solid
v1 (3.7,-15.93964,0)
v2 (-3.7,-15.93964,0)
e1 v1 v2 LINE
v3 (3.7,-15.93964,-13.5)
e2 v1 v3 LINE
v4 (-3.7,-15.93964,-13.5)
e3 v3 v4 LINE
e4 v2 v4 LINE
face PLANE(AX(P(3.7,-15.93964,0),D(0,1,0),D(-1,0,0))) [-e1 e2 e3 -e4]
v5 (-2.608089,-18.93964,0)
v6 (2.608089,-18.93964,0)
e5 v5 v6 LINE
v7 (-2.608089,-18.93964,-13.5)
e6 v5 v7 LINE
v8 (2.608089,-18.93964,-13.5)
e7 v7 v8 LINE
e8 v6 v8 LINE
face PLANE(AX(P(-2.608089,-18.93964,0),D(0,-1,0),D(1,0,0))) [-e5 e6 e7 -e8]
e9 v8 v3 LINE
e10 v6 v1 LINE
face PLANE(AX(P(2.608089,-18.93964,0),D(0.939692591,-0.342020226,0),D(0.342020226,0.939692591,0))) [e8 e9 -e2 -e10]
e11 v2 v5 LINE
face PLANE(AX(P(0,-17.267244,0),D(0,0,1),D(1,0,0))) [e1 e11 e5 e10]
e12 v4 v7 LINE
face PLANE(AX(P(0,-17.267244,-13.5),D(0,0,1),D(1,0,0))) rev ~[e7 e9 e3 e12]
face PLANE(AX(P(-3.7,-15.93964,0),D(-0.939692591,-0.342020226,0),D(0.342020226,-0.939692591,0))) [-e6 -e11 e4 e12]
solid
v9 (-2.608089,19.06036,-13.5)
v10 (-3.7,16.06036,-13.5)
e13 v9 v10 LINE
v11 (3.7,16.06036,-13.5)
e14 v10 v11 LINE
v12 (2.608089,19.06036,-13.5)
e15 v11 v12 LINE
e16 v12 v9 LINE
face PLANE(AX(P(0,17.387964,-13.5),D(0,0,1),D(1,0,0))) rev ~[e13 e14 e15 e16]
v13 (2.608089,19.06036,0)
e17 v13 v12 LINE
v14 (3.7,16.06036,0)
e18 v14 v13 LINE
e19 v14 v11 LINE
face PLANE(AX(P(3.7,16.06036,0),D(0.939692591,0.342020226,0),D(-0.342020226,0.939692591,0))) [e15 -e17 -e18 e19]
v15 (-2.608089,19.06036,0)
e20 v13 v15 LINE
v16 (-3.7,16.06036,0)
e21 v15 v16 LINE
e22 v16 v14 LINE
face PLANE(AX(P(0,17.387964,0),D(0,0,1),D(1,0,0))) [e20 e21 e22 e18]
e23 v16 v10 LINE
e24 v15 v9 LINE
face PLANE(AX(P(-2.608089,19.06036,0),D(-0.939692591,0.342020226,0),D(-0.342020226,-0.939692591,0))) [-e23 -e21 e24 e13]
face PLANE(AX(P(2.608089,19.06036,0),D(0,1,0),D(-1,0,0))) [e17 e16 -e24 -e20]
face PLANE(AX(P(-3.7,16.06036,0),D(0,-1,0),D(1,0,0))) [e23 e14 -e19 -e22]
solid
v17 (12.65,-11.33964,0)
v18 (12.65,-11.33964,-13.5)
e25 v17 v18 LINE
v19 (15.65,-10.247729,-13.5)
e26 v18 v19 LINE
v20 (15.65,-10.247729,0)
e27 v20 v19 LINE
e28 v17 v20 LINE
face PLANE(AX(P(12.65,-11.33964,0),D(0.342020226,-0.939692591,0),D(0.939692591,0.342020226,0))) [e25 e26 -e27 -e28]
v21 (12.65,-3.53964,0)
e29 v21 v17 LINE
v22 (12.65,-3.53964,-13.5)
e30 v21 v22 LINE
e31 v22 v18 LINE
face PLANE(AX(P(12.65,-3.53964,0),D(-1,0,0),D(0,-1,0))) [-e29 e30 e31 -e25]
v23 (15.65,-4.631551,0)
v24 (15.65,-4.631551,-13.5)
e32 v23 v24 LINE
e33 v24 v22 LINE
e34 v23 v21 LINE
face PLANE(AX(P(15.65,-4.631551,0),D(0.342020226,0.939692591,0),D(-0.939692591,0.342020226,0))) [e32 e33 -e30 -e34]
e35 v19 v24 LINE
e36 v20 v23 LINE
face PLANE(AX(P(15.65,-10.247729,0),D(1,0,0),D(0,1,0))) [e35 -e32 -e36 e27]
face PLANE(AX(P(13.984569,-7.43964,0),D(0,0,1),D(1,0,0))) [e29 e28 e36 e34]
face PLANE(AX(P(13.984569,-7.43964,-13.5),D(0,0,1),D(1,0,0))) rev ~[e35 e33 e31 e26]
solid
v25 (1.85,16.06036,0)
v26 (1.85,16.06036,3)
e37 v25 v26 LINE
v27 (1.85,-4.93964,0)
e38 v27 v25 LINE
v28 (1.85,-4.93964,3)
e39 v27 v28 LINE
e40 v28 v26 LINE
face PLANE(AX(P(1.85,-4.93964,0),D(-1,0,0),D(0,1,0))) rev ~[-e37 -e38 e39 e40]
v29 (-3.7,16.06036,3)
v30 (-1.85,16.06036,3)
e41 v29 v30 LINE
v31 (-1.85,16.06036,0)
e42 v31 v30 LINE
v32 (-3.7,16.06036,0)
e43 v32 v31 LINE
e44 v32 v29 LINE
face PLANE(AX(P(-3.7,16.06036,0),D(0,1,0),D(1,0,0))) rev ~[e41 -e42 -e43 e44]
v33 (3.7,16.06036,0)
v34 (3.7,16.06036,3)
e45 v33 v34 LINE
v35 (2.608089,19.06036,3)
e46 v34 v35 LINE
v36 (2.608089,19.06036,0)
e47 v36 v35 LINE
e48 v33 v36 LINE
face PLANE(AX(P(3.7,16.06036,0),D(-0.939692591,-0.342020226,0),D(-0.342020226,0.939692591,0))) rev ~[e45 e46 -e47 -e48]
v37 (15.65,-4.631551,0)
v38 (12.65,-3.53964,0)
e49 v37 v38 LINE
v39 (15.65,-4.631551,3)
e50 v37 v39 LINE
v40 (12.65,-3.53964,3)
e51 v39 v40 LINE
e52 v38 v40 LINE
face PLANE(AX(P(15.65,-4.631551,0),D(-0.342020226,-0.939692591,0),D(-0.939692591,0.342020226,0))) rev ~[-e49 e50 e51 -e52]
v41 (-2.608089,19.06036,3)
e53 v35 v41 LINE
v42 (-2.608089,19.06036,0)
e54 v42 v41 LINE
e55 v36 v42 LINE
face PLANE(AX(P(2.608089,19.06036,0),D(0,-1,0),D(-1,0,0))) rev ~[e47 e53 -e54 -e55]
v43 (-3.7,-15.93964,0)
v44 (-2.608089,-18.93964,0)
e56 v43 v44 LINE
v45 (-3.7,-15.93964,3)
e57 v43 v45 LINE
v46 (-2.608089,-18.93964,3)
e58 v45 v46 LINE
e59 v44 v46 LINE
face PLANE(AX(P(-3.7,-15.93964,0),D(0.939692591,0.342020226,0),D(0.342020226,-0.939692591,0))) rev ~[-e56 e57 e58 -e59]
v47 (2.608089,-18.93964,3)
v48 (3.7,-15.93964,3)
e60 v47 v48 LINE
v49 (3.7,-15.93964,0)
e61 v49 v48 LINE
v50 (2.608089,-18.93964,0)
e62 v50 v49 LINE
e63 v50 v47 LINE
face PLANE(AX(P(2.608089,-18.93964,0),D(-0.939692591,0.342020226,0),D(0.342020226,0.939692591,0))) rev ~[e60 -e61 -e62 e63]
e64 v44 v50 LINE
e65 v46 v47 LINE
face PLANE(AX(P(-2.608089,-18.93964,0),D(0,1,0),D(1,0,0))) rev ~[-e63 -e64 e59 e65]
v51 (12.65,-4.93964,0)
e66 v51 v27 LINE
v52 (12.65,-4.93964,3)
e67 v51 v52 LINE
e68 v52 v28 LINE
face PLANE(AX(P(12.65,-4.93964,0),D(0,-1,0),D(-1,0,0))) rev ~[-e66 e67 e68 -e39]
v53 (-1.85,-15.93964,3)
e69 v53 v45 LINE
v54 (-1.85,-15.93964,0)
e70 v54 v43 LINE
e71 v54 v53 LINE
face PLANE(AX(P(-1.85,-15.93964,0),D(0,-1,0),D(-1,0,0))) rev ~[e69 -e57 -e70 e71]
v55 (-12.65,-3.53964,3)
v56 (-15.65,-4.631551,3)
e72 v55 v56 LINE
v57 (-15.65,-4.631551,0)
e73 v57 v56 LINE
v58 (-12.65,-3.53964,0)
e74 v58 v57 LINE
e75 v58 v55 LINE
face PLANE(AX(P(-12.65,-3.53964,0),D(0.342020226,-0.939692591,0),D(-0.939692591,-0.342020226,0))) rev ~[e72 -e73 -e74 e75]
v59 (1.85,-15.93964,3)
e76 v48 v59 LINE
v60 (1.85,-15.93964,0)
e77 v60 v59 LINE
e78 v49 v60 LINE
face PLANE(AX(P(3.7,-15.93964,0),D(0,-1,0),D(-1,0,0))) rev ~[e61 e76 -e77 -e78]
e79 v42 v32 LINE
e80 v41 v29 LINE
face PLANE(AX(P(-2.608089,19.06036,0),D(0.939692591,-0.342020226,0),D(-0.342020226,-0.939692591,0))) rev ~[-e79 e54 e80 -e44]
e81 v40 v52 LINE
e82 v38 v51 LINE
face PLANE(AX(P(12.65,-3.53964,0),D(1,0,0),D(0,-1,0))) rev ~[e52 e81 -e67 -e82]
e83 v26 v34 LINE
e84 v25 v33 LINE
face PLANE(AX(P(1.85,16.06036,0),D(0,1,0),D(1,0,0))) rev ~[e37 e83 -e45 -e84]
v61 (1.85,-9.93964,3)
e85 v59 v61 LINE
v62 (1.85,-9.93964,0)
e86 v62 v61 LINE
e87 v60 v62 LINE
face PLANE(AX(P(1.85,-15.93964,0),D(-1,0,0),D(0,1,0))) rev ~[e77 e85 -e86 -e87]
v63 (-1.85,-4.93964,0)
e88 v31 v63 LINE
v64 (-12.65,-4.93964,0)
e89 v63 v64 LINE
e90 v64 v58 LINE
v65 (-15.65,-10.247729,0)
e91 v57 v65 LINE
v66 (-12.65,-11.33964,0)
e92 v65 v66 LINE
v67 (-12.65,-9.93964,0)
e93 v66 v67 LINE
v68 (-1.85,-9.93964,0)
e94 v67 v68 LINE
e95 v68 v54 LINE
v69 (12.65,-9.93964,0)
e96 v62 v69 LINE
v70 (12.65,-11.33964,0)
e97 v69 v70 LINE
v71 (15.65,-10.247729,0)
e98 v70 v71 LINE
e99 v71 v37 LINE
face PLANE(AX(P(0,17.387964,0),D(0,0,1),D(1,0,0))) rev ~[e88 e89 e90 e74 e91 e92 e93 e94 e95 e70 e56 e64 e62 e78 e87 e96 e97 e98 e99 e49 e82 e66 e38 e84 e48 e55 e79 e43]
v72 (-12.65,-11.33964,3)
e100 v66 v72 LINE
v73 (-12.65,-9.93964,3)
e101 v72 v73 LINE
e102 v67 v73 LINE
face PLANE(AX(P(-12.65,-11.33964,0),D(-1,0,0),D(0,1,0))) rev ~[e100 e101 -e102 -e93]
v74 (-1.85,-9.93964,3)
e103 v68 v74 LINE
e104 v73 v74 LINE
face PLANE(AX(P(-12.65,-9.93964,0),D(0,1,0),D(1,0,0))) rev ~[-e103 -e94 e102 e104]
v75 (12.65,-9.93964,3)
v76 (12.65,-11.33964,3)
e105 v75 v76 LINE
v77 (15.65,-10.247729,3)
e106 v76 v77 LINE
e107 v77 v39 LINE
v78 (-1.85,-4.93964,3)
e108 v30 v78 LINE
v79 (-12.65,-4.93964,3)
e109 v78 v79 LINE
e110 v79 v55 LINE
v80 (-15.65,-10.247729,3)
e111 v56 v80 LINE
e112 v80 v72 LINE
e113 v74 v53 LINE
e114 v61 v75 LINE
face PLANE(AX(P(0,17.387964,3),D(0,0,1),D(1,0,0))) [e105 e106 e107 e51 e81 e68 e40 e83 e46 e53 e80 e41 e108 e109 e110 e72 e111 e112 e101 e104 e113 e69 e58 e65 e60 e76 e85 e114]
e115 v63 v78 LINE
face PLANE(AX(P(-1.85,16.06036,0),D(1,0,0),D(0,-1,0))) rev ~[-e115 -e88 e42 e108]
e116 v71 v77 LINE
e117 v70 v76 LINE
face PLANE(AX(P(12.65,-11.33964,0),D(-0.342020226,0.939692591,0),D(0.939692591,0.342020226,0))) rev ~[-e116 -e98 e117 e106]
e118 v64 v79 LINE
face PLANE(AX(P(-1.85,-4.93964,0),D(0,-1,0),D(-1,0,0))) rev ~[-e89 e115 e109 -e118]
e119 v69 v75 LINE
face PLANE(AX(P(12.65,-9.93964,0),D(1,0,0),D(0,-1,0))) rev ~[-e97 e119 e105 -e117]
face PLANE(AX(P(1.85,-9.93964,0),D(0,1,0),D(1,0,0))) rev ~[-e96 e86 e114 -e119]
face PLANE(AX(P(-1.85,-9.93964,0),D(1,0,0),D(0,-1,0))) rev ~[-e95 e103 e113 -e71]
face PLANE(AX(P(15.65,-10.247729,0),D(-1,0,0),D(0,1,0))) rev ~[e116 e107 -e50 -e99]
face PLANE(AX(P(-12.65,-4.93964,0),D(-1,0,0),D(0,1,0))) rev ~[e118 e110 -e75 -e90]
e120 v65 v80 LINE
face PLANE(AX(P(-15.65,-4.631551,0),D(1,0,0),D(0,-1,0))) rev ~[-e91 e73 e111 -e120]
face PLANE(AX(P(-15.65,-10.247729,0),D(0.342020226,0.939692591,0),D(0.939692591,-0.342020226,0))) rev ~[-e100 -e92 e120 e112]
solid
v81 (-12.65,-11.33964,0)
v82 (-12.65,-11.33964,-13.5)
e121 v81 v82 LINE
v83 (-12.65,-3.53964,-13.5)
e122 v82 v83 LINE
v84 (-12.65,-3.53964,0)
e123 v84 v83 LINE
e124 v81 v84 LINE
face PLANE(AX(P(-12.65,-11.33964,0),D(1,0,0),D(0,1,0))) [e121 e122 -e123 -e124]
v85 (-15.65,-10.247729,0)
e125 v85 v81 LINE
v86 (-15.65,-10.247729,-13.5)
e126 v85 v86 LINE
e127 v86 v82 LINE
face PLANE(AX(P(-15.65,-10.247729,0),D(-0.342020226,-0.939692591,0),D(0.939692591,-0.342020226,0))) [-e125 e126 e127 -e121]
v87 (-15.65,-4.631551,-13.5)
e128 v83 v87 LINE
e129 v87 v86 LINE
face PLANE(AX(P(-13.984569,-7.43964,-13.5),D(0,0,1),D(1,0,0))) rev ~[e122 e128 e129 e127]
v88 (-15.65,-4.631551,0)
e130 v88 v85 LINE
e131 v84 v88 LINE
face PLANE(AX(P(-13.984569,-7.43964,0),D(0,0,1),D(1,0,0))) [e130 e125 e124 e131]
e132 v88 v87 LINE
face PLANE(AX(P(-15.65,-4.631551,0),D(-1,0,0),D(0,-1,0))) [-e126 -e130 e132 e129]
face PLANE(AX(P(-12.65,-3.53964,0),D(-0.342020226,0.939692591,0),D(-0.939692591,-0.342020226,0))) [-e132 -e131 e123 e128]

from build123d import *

# Parameters (mm, degrees)
F1_DEPTH = 13.5
F2_DEPTH = 3


with BuildPart() as f1:
    # F0 (on Top) → F1 (new body)
    with BuildSketch(Plane.XY):
        Polygon((12.65, -3.53964), (12.65, -4.93964), (12.65, -7.43964), (12.65, -9.93964), (12.65, -11.33964), (15.65, -10.247729), (15.65, -4.631551), align=None)
        Polygon((-12.65, -7.43964), (-12.65, -4.93964), (-12.65, -3.53964), (-15.65, -4.631551), (-15.65, -10.247729), (-12.65, -11.33964), (-12.65, -9.93964), align=None)
        Polygon((3.7, -15.93964), (1.85, -15.93964), (0, -15.93964), (-1.85, -15.93964), (-3.7, -15.93964), (-2.608089, -18.93964), (2.608089, -18.93964), align=None)
        Polygon((-1.85, 16.06036), (0, 16.06036), (1.85, 16.06036), (3.7, 16.06036), (2.608089, 19.06036), (-2.608089, 19.06036), (-3.7, 16.06036), align=None)
    extrude(amount=-F1_DEPTH)


with BuildPart() as f2:
    # F0 (on Top) → F2 (new body)
    with BuildSketch(Plane.XY):
        Polygon((-1.85, 16.06036), (0, 16.06036), (1.85, 16.06036), (3.7, 16.06036), (2.608089, 19.06036), (-2.608089, 19.06036), (-3.7, 16.06036), align=None)
        Polygon((1.85, 16.06036), (0, 16.06036), (-1.85, 16.06036), (-1.85, -4.93964), (-3.7, -4.93964), (-12.65, -4.93964), (-12.65, -7.43964), (-12.65, -9.93964), (-3.7, -9.93964), (-1.85, -9.93964), (-1.85, -15.93964), (0, -15.93964), (1.85, -15.93964), (1.85, -9.93964), (12.65, -9.93964), (12.65, -7.43964), (12.65, -4.93964), (3.7, -4.93964), (1.85, -4.93964), align=None)
        Polygon((12.65, -3.53964), (12.65, -4.93964), (12.65, -7.43964), (12.65, -9.93964), (12.65, -11.33964), (15.65, -10.247729), (15.65, -4.631551), align=None)
        Polygon((-12.65, -7.43964), (-12.65, -4.93964), (-12.65, -3.53964), (-15.65, -4.631551), (-15.65, -10.247729), (-12.65, -11.33964), (-12.65, -9.93964), align=None)
        Polygon((3.7, -15.93964), (1.85, -15.93964), (0, -15.93964), (-1.85, -15.93964), (-3.7, -15.93964), (-2.608089, -18.93964), (2.608089, -18.93964), align=None)
    extrude(amount=F2_DEPTH)


solid = Compound([f1.part, f2.part])
